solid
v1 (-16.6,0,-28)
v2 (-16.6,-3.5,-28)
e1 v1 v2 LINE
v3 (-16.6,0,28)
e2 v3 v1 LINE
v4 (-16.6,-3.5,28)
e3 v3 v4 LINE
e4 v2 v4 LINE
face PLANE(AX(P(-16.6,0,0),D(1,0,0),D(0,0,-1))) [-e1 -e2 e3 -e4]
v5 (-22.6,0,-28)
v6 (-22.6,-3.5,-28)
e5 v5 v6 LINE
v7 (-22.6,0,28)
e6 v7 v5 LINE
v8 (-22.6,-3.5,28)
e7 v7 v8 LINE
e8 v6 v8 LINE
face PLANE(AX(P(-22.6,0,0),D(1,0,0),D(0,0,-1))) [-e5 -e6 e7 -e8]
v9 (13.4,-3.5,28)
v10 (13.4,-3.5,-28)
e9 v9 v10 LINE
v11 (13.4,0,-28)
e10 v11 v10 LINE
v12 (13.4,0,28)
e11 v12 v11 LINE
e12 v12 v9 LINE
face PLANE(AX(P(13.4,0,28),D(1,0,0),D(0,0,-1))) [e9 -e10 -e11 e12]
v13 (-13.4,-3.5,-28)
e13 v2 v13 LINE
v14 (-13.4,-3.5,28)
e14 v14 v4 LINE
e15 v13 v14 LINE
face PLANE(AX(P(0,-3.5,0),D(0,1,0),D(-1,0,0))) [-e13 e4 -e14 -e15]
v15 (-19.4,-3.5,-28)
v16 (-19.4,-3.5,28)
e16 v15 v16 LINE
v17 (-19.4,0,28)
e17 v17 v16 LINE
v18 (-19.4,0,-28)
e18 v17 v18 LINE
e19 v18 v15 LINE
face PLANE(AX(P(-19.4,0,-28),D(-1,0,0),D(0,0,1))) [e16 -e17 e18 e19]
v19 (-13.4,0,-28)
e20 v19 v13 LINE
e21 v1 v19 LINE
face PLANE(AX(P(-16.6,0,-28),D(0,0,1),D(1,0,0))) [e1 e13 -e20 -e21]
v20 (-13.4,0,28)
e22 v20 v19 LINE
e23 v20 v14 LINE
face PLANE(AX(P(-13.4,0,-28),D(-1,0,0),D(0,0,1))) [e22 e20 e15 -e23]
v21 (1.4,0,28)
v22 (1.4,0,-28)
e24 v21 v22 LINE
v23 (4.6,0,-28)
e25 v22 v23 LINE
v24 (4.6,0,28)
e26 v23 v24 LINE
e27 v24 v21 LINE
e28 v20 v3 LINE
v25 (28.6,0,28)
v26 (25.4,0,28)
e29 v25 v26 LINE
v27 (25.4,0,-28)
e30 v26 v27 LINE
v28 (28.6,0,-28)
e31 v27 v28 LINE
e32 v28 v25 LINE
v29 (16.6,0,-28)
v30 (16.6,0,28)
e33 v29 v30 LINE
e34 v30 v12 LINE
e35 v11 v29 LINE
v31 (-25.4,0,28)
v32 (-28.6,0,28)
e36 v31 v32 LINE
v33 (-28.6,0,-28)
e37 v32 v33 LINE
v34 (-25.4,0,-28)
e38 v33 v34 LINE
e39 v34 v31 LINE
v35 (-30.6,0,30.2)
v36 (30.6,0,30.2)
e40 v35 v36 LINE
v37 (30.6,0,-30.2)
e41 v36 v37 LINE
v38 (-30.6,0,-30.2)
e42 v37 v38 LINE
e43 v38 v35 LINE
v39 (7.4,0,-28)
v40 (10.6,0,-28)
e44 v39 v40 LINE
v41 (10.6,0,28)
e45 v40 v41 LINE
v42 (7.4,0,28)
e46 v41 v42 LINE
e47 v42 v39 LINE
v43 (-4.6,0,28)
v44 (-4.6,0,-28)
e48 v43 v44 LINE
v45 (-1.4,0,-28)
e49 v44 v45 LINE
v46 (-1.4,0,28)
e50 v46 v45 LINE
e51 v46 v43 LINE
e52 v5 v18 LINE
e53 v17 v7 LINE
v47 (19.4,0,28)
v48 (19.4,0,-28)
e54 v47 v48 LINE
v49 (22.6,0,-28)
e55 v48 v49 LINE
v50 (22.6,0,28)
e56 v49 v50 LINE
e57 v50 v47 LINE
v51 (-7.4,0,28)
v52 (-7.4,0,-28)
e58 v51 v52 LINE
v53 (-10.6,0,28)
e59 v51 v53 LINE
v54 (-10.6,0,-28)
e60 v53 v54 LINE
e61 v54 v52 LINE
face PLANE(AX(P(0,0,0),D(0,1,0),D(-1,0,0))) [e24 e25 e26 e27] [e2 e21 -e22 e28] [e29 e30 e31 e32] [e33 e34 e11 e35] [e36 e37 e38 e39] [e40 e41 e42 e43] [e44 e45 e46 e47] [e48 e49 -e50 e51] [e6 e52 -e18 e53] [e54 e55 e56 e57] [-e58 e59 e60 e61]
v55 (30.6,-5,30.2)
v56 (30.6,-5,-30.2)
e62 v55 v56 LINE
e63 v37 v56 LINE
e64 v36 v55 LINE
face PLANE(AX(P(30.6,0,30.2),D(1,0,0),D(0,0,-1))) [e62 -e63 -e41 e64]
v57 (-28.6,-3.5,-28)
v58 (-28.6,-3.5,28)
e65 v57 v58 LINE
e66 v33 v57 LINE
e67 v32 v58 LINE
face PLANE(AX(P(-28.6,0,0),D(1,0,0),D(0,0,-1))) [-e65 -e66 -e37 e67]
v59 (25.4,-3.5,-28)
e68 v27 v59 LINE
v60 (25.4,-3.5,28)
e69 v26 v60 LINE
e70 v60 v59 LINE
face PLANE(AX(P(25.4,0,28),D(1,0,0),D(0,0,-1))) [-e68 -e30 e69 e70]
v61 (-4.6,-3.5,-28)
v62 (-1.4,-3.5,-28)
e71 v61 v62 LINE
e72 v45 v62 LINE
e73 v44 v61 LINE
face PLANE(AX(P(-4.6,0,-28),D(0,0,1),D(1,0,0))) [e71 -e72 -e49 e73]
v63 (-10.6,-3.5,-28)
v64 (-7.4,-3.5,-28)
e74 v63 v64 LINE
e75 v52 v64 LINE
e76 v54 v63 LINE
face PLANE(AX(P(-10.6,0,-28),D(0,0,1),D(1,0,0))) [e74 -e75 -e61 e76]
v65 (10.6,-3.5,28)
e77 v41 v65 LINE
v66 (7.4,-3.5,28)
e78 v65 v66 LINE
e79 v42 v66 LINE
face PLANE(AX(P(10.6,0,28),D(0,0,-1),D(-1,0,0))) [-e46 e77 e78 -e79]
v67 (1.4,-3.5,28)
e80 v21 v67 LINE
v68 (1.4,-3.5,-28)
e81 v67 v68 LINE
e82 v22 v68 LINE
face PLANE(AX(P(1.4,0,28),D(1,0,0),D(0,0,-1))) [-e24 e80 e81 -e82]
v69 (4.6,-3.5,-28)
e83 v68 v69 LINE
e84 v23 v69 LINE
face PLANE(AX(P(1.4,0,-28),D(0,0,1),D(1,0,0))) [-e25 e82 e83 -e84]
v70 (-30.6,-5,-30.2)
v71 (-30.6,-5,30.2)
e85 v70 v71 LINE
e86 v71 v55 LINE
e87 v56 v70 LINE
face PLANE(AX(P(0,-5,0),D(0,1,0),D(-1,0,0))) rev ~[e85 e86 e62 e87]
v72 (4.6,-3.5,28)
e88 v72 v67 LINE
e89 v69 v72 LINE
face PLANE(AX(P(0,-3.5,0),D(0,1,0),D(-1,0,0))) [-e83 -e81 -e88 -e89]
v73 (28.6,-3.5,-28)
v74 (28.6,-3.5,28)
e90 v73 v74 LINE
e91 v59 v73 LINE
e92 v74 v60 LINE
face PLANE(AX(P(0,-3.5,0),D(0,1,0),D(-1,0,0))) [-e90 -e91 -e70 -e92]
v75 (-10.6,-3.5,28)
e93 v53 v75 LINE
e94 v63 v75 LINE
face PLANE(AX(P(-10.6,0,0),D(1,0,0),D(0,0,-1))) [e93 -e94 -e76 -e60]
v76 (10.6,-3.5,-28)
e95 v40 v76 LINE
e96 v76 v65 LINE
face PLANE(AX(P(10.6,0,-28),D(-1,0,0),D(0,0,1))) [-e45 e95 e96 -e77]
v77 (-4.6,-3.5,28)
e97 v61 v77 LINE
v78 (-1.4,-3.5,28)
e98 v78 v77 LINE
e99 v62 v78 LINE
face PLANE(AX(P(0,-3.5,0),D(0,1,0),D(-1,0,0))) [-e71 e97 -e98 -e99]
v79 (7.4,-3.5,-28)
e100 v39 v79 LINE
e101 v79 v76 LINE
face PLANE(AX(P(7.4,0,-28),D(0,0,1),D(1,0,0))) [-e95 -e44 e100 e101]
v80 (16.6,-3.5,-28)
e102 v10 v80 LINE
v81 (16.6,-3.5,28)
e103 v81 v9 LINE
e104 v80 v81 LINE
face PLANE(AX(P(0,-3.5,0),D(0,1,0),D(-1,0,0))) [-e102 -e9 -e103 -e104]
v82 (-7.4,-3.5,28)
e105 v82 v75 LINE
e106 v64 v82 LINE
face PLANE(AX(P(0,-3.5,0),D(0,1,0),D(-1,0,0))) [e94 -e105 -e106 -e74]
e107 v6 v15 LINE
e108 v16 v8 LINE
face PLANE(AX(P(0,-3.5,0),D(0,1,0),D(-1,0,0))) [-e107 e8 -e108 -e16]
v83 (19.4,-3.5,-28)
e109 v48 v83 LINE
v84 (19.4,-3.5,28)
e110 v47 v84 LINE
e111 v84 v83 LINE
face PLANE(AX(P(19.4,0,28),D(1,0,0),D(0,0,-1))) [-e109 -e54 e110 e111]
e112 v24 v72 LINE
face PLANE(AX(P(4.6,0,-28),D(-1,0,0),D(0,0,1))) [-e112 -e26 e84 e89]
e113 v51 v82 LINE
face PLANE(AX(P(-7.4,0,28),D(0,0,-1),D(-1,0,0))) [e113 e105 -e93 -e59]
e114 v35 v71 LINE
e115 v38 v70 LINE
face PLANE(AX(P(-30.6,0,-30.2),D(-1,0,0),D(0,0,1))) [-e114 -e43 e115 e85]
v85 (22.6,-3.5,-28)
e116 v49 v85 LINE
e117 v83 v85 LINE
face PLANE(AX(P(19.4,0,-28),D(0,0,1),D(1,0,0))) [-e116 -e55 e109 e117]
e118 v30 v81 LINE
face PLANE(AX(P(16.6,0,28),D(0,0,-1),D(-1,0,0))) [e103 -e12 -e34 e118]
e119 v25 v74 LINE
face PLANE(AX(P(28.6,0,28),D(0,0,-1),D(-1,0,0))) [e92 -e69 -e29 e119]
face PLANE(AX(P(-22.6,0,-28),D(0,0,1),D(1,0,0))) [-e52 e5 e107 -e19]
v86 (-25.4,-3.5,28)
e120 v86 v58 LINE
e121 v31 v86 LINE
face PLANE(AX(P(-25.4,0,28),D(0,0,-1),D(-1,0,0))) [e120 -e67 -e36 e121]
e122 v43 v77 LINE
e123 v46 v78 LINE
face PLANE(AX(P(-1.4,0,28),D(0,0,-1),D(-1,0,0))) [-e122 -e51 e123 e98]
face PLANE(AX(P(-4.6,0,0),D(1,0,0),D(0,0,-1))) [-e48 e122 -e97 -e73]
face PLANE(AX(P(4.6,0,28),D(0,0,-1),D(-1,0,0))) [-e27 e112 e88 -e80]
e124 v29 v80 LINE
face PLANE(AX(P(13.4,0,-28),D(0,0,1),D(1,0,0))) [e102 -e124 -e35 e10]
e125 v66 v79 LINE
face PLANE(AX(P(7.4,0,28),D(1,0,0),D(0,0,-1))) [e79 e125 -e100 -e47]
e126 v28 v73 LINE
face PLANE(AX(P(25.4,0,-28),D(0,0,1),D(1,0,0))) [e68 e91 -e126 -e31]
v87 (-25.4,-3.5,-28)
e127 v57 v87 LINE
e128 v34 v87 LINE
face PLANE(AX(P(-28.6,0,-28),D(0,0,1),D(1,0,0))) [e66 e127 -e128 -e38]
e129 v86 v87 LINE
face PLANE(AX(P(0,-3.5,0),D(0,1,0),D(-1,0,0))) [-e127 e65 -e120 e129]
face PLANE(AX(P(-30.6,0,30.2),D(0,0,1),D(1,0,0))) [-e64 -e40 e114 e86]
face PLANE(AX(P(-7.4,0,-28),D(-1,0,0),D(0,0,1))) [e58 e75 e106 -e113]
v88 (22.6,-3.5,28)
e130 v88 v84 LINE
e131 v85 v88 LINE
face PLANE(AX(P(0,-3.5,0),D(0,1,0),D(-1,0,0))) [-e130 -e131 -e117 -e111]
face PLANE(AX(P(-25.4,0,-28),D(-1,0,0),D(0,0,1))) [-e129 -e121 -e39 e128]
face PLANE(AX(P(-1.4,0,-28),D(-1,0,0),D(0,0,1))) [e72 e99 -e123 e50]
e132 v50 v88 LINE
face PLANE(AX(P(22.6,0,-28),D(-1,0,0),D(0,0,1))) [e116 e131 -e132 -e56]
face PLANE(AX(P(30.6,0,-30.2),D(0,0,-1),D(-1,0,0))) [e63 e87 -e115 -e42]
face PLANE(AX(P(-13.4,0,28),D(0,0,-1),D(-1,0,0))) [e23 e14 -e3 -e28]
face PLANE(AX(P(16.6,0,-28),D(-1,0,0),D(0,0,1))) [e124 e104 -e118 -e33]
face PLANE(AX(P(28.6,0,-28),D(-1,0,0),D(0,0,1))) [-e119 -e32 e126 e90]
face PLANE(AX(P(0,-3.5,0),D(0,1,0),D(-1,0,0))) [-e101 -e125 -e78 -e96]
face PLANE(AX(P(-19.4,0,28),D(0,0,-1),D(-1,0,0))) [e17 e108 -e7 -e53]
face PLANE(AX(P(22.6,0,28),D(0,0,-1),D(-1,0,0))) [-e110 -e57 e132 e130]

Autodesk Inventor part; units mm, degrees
ref_plane "YZ Plane" through (0, 0, 0) normal (1, 0, 0) x (0, 1, 0)
ref_plane "XZ Plane" through (0, 0, 0) normal (0, 1, 0) x (-1, 0, 0)
ref_plane "XY Plane" through (0, 0, 0) normal (0, 0, 1) x (1, 0, 0)
sketch "Sketch1" plane through (0, 0, 0) normal (0, 1, 0) x (-1, 0, 0)
  line L0 (28.6, -28) -> (25.4, -28)
  line L1 (25.4, -28) -> (25.4, 28)
  line L2 (25.4, 28) -> (28.6, 28)
  line L3 (28.6, 28) -> (28.6, -28)
  line L4 (28.6, -28) -> (25.4, 28) construction
  line L5 (25.4, -28) -> (28.6, 28) construction
  line L6 (22.6, -28) -> (19.4, -28)
  line L7 (19.4, -28) -> (19.4, 28)
  line L8 (19.4, 28) -> (22.6, 28)
  line L9 (22.6, 28) -> (22.6, -28)
  line L10 (22.6, -28) -> (19.4, 28) construction
  line L11 (19.4, -28) -> (22.6, 28) construction
  line L12 (16.6, -28) -> (13.4, -28)
  line L13 (13.4, -28) -> (13.4, 28)
  line L14 (13.4, 28) -> (16.6, 28)
  line L15 (16.6, 28) -> (16.6, -28)
  line L16 (16.6, -28) -> (13.4, 28) construction
  line L17 (13.4, -28) -> (16.6, 28) construction
  line L18 (10.6, -28) -> (7.4, -28)
  line L19 (7.4, 28) -> (10.6, 28)
  line L20 (7.4, -28) -> (7.4, 28)
  line L21 (10.6, -28) -> (7.4, 28) construction
  line L22 (7.4, -28) -> (10.6, 28) construction
  line L23 (10.6, 28) -> (10.6, -28)
  line L24 (4.6, -28) -> (1.4, -28)
  line L25 (1.4, 28) -> (4.6, 28)
  line L26 (1.4, -28) -> (1.4, 28)
  line L27 (4.6, -28) -> (1.4, 28) construction
  line L28 (1.4, -28) -> (4.6, 28) construction
  line L29 (4.6, 28) -> (4.6, -28)
  line L30 (-1.4, -28) -> (-4.6, -28)
  line L31 (-4.6, 28) -> (-1.4, 28)
  line L32 (-4.6, -28) -> (-4.6, 28)
  line L33 (-1.4, -28) -> (-4.6, 28) construction
  line L34 (-4.6, -28) -> (-1.4, 28) construction
  line L35 (-1.4, 28) -> (-1.4, -28)
  line L36 (-7.4, 28) -> (-7.4, -28)
  line L37 (-10.6, -28) -> (-7.4, 28) construction
  line L38 (-10.6, -28) -> (-10.6, 28)
  line L39 (-7.4, -28) -> (-10.6, 28) construction
  line L40 (-10.6, 28) -> (-7.4, 28)
  line L41 (-7.4, -28) -> (-10.6, -28)
  line L42 (-13.4, 28) -> (-13.4, -28)
  line L43 (-16.6, -28) -> (-13.4, 28) construction
  line L44 (-16.6, -28) -> (-16.6, 28)
  line L45 (-13.4, -28) -> (-16.6, 28) construction
  line L46 (-16.6, 28) -> (-13.4, 28)
  line L47 (-13.4, -28) -> (-16.6, -28)
  line L48 (-19.4, 28) -> (-19.4, -28)
  line L49 (-22.6, -28) -> (-19.4, 28) construction
  line L50 (-22.6, -28) -> (-22.6, 28)
  line L51 (-19.4, -28) -> (-22.6, 28) construction
  line L52 (-22.6, 28) -> (-19.4, 28)
  line L53 (-19.4, -28) -> (-22.6, -28)
  line L54 (-25.4, 28) -> (-25.4, -28)
  line L55 (-28.6, -28) -> (-25.4, 28) construction
  line L56 (-28.6, -28) -> (-28.6, 28)
  line L57 (-25.4, -28) -> (-28.6, 28) construction
  line L58 (-28.6, 28) -> (-25.4, 28)
  line L59 (-25.4, -28) -> (-28.6, -28)
  line L60 (0, 0) -> (33.435, 0)
  point P0 (27, 28)
  point P1 (21, 28)
  point P2 (15, 28)
  point P3 (9, 28)
  point P4 (3, 28)
  point P5 (-3, 28)
  point P6 (-9, 28)
  point P7 (-15, 28)
  point P8 (-21, 28)
  point P9 (-27, 28)
  point P10 (27, -28)
  point P11 (21, 0)
  point P12 (27, 0)
  point P13 (15, 0)
  point P14 (21, 0)
  point P15 (9, 0)
  point P16 (15, 0)
  point P17 (3, 0)
  point P18 (9, 0)
  point P19 (-3, 0)
  point P20 (3, 0)
  point P21 (-9, 0)
  point P22 (-3, 0)
  point P23 (-15, 0)
  point P24 (-9, 0)
  point P25 (-21, 0)
  point P26 (-15, 0)
  point P27 (-27, 0)
  point P28 (-21, 0)
  point P29 (27, 0)
  dimension "d0" = 3.2
  dimension "d1" = 3.2
  dimension "d2" = 3.2
  dimension "d3" = 3.2
  dimension "d4" = 3.2
  dimension "d5" = 3.2
  dimension "d6" = 3.2
  dimension "d7" = 3.2
  dimension "d8" = 3.2
  dimension "d9" = 6
  dimension "d10" = 6
  dimension "d11" = 6
  dimension "d12" = 6
  dimension "d13" = 6
  dimension "d14" = 6
  dimension "d15" = 6
  dimension "d16" = 6
  dimension "d17" = 6
  dimension "d19" = 3
  dimension "d26" = 56
sketch "Sketch2" plane through (0, 0, 0) normal (0, 1, 0) x (-1, 0, 0)
  line L0 (-30.6, -30.2) -> (30.6, -30.2)
  line L1 (30.6, -30.2) -> (30.6, 30.2)
  line L2 (30.6, 30.2) -> (-30.6, 30.2)
  line L3 (-30.6, 30.2) -> (-30.6, -30.2)
  line L4 (-30.6, -30.2) -> (30.6, 30.2) construction
  line L5 (30.6, -30.2) -> (-30.6, 30.2) construction
  point P0 (0, 0)
  dimension "d20" = 60.4
  dimension "d21" = 61.2
extrude "Extrusion1" add sketch "Sketch2" against normal blind 5
extrude "Extrusion2" cut sketch "Sketch1" against normal blind 3.5
equation "\"d1\" = d0"
equation "\"d2\" = d0"
equation "\"d3\" = d0"
equation "\"d4\" = d0"
equation "\"d5\" = d4"
equation "\"d6\" = d5"
equation "\"d7\" = d6"
equation "\"d8\" = d6"
equation "\"d10\" = d9"
equation "\"d11\" = d10"
equation "\"d12\" = d11"
equation "\"d13\" = d12"
equation "\"d14\" = d13"
equation "\"d15\" = d14"
equation "\"d16\" = d15"
equation "\"d17\" = d16"
equation "\"d19\" = 0.5 * d13"
properties part number "DisplayModuleHousingCap"
